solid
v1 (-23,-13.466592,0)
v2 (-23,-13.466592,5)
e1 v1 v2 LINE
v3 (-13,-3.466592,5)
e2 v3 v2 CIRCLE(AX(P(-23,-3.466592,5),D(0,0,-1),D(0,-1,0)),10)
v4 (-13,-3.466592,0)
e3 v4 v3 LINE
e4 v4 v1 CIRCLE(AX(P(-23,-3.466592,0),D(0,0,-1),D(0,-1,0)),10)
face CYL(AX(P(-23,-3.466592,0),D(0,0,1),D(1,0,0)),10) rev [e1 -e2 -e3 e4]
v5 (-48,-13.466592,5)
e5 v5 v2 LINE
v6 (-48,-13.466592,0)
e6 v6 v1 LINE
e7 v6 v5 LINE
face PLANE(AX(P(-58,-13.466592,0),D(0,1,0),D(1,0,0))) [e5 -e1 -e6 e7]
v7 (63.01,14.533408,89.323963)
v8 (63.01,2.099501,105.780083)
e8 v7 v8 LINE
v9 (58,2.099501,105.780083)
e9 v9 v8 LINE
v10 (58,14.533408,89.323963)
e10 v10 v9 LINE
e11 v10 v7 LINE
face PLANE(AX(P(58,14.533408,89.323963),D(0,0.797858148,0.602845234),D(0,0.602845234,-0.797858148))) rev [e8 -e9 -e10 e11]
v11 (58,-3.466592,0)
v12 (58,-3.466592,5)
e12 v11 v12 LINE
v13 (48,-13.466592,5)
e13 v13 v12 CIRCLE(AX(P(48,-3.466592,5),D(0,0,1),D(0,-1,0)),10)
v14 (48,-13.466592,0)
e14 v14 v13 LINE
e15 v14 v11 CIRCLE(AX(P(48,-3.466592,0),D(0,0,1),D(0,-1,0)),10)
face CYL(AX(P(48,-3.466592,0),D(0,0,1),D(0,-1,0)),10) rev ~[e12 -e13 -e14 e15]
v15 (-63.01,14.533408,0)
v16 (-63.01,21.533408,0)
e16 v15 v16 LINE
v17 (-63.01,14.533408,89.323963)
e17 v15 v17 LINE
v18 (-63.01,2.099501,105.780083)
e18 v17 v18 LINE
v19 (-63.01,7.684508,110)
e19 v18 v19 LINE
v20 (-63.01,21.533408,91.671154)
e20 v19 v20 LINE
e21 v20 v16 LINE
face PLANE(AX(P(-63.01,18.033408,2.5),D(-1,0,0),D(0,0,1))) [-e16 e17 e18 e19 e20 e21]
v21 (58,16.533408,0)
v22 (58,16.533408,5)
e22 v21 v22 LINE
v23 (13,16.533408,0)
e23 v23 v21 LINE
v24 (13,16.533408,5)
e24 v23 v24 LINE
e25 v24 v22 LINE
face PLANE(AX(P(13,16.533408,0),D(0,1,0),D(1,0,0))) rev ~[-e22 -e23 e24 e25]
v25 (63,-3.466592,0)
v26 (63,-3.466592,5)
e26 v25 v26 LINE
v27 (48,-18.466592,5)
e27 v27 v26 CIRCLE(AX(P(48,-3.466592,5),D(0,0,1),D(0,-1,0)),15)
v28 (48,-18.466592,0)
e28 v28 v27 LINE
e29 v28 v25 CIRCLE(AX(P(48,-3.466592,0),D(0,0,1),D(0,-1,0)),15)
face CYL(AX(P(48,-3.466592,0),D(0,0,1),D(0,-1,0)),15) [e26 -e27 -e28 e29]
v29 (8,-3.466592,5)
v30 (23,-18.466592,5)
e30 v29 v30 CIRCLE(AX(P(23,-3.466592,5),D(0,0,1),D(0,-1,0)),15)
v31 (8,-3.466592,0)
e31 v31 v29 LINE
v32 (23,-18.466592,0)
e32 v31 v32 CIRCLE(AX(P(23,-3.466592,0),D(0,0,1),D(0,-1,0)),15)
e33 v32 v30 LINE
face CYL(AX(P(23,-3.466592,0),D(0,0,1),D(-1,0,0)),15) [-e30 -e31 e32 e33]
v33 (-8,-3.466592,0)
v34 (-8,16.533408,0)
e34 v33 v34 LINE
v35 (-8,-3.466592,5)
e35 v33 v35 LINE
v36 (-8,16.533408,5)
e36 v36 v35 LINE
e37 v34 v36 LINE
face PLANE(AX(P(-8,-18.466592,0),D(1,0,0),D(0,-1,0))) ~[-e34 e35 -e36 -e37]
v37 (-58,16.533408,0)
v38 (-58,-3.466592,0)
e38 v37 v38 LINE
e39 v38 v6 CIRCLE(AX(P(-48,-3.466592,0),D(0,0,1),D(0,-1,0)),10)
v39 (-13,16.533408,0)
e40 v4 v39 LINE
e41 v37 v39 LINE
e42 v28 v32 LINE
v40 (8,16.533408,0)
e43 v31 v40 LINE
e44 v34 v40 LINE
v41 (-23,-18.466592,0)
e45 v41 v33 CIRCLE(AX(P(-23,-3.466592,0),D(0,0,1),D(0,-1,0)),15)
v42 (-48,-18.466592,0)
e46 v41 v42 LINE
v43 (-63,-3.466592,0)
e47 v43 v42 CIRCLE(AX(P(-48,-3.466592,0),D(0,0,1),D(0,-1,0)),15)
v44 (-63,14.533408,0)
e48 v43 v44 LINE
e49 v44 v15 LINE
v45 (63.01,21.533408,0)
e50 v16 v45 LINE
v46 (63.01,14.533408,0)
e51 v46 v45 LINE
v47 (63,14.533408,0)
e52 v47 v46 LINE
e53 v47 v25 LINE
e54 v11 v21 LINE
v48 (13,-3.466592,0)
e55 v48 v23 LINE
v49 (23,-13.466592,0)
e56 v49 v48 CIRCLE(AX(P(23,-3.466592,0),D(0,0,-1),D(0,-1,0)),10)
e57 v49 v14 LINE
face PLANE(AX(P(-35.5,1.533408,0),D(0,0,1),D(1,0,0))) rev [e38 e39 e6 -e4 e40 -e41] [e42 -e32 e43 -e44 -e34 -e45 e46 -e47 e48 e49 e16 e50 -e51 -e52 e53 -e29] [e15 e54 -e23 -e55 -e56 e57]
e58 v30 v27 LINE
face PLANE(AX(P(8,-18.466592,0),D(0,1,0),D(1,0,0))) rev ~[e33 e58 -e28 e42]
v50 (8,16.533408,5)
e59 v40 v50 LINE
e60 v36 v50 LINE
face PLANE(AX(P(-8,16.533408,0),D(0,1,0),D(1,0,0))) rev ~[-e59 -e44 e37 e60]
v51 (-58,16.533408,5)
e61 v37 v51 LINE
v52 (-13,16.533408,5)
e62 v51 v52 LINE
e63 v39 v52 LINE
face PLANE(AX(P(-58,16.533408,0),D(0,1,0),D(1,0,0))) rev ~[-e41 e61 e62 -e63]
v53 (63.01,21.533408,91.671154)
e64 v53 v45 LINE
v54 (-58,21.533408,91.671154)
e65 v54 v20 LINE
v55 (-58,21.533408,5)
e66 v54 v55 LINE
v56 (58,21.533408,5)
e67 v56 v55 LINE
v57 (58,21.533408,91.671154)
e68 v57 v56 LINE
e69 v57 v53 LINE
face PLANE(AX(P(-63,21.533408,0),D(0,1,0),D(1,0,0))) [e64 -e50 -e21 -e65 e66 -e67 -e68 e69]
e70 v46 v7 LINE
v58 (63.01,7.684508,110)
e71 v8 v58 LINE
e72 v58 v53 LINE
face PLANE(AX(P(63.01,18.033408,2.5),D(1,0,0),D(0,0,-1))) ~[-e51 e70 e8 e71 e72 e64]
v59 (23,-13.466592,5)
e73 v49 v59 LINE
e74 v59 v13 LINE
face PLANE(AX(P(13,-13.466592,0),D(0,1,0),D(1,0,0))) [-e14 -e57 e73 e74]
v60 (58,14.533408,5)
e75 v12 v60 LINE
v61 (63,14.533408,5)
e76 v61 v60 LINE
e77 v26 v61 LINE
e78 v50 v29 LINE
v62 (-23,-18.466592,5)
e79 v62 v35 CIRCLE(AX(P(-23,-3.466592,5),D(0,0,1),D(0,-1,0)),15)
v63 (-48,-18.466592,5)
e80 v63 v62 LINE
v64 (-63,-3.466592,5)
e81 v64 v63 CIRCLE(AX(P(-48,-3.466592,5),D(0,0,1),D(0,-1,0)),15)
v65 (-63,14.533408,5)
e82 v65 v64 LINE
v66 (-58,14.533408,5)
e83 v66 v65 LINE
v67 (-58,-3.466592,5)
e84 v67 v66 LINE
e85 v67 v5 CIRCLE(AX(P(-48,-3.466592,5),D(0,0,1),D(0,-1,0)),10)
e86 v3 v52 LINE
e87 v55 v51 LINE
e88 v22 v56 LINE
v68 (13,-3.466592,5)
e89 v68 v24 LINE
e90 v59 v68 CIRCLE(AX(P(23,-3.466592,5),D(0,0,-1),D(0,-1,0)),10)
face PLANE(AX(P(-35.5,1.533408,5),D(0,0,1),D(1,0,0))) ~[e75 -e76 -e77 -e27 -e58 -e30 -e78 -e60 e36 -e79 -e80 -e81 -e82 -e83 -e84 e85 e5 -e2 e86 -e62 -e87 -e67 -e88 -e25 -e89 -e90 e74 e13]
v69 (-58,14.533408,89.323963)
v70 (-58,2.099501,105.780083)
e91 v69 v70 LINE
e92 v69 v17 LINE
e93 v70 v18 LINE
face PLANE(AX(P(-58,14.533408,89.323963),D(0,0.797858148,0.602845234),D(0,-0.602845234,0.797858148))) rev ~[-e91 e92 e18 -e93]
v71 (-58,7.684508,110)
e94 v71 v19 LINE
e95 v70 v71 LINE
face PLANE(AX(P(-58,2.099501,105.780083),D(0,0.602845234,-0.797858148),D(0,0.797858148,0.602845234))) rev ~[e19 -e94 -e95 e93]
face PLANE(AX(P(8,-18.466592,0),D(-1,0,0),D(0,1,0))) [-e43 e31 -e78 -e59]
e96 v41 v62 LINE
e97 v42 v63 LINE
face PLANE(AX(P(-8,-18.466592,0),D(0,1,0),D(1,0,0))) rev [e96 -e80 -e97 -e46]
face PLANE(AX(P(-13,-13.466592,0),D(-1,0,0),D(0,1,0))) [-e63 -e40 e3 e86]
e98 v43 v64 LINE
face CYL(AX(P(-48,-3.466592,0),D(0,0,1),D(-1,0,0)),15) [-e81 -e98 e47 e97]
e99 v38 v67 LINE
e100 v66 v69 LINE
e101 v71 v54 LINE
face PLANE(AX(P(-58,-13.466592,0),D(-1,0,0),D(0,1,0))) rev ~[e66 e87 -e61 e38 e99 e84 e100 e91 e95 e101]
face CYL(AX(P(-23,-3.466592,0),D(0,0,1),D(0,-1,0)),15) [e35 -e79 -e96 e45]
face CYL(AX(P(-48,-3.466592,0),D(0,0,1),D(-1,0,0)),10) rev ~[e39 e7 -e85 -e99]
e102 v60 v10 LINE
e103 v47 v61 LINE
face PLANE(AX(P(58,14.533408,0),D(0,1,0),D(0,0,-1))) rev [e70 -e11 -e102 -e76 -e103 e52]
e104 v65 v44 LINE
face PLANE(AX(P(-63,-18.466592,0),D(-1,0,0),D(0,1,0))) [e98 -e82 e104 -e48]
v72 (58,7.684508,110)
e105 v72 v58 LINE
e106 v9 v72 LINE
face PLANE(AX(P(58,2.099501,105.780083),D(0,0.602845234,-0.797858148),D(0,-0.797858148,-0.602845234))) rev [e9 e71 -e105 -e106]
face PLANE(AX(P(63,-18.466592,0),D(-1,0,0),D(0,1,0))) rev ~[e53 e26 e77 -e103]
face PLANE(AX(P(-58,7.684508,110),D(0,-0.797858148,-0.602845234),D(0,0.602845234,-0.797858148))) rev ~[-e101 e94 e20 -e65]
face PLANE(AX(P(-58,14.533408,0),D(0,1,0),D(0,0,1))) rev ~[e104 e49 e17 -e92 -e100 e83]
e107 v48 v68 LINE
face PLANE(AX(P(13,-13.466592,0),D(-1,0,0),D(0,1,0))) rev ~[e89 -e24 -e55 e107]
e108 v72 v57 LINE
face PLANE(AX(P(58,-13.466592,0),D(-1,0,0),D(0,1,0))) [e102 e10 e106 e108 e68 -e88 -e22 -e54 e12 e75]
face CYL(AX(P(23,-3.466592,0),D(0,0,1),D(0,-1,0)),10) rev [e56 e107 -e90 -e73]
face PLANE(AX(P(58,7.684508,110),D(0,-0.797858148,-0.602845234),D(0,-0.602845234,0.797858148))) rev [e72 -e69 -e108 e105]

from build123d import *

# Parameters (mm, degrees)
SKETCH_1_W      = 55
SKETCH_1_H      = 40
SKETCH_1_W_2    = 45
SKETCH_1_H_2    = 30
SKETCH_1_W_3    = 16
SKETCH_1_H_3    = 5
EXTRUDE_1_DEPTH = 5
FILLET_1_R      = 10
FILLET_2_R      = 15
EXTRUDE_START   = -5
SKETCH_2_W      = 5
SKETCH_2_H      = 7
EXTRUDE_2_DEPTH = 5.01
FILLET_3_R      = 15


with BuildPart() as part:
    # ｽｹｯﾁ1 → ﾎﾞｽ - 押し出し1 (new body)
    # profile 1 of 3: a face of its own
    with BuildSketch(Plane.XY):
        with Locations((35.5, 1.53340789)):
            Rectangle(SKETCH_1_W, SKETCH_1_H)
        with Locations((35.5, 1.53340789)):
            Rectangle(SKETCH_1_W_2, SKETCH_1_H_2, mode=Mode.SUBTRACT)
    # profile 2 of 3: a face of its own
    with BuildSketch(Plane.XY):
        with Locations((0, 19.03340789)):
            Rectangle(SKETCH_1_W_3, SKETCH_1_H_3)
    # profile 3 of 3: a face of its own
    with BuildSketch(Plane.XY):
        with Locations((-35.5, 1.53340789)):
            Rectangle(SKETCH_1_W, SKETCH_1_H)
        with Locations((-35.5, 1.53340789)):
            Rectangle(SKETCH_1_W_2, SKETCH_1_H_2, mode=Mode.SUBTRACT)
    extrude_1 = extrude(amount=EXTRUDE_1_DEPTH)

    # ﾌｨﾚｯﾄ1
    fillet_1_edges = [part.edges().sort_by_distance(p)[0] for p in [
        (-58, -13.46659211, 2.5),
        (-13, -13.46659211, 2.5),
        (13, -13.46659211, 2.5),
        (58, -13.46659211, 2.5),
    ]]
    fillet(fillet_1_edges, radius=FILLET_1_R)

    # ﾌｨﾚｯﾄ2
    fillet_2_edges = [part.edges().sort_by_distance(p)[0] for p in [
        (63, -18.46659211, 2.5),
        (8, -18.46659211, 2.5),
        (-8, -18.46659211, 2.5),
        (-63, -18.46659211, 2.5),
    ]]
    fillet(fillet_2_edges, radius=FILLET_2_R)

    # ｽｹｯﾁ2 → ﾎﾞｽ - 押し出し2 (add)
    with BuildSketch(Plane.ZY.offset(63).offset(EXTRUDE_START)):
        with Locations((2.5, 18.03340789)):
            Rectangle(SKETCH_2_W, SKETCH_2_H)
        Polygon((87.451237669, 15.948400854), (91.671154304, 21.53340789), (5, 21.53340789), (5, 14.53340789), (89.323963209, 14.53340789), align=None)
        Polygon((91.671154304, 14.53340789), (91.671154304, 21.53340789), (87.451237669, 15.948400854), (89.323963209, 14.53340789), align=None)
        Polygon((110, 7.684508442), (91.671154304, 21.53340789), (91.671154304, 14.53340789), (89.323963209, 14.53340789), (105.780083365, 2.099501406), align=None)
    extrude_2 = extrude(amount=EXTRUDE_2_DEPTH)

    # ﾐﾗｰ1: ﾎﾞｽ - 押し出し1, ﾎﾞｽ - 押し出し2 across plane
    add(extrude_1.mirror(Plane(origin=(0, 0, 0), x_dir=(0, 0, 1), z_dir=(1, 0, 0))))
    add(extrude_2.mirror(Plane(origin=(0, 0, 0), x_dir=(0, 0, 1), z_dir=(1, 0, 0))))

    # ﾌｨﾚｯﾄ3
    fillet_3_edges = [part.edges().sort_by_distance(p)[0] for p in [
        (63, -18.46659211, 2.5),
        (-8, -18.46659211, 2.5),
        (-63, -18.46659211, 2.5),
        (8, -18.46659211, 2.5),
    ]]
    fillet(fillet_3_edges, radius=FILLET_3_R)


solid = part.part
